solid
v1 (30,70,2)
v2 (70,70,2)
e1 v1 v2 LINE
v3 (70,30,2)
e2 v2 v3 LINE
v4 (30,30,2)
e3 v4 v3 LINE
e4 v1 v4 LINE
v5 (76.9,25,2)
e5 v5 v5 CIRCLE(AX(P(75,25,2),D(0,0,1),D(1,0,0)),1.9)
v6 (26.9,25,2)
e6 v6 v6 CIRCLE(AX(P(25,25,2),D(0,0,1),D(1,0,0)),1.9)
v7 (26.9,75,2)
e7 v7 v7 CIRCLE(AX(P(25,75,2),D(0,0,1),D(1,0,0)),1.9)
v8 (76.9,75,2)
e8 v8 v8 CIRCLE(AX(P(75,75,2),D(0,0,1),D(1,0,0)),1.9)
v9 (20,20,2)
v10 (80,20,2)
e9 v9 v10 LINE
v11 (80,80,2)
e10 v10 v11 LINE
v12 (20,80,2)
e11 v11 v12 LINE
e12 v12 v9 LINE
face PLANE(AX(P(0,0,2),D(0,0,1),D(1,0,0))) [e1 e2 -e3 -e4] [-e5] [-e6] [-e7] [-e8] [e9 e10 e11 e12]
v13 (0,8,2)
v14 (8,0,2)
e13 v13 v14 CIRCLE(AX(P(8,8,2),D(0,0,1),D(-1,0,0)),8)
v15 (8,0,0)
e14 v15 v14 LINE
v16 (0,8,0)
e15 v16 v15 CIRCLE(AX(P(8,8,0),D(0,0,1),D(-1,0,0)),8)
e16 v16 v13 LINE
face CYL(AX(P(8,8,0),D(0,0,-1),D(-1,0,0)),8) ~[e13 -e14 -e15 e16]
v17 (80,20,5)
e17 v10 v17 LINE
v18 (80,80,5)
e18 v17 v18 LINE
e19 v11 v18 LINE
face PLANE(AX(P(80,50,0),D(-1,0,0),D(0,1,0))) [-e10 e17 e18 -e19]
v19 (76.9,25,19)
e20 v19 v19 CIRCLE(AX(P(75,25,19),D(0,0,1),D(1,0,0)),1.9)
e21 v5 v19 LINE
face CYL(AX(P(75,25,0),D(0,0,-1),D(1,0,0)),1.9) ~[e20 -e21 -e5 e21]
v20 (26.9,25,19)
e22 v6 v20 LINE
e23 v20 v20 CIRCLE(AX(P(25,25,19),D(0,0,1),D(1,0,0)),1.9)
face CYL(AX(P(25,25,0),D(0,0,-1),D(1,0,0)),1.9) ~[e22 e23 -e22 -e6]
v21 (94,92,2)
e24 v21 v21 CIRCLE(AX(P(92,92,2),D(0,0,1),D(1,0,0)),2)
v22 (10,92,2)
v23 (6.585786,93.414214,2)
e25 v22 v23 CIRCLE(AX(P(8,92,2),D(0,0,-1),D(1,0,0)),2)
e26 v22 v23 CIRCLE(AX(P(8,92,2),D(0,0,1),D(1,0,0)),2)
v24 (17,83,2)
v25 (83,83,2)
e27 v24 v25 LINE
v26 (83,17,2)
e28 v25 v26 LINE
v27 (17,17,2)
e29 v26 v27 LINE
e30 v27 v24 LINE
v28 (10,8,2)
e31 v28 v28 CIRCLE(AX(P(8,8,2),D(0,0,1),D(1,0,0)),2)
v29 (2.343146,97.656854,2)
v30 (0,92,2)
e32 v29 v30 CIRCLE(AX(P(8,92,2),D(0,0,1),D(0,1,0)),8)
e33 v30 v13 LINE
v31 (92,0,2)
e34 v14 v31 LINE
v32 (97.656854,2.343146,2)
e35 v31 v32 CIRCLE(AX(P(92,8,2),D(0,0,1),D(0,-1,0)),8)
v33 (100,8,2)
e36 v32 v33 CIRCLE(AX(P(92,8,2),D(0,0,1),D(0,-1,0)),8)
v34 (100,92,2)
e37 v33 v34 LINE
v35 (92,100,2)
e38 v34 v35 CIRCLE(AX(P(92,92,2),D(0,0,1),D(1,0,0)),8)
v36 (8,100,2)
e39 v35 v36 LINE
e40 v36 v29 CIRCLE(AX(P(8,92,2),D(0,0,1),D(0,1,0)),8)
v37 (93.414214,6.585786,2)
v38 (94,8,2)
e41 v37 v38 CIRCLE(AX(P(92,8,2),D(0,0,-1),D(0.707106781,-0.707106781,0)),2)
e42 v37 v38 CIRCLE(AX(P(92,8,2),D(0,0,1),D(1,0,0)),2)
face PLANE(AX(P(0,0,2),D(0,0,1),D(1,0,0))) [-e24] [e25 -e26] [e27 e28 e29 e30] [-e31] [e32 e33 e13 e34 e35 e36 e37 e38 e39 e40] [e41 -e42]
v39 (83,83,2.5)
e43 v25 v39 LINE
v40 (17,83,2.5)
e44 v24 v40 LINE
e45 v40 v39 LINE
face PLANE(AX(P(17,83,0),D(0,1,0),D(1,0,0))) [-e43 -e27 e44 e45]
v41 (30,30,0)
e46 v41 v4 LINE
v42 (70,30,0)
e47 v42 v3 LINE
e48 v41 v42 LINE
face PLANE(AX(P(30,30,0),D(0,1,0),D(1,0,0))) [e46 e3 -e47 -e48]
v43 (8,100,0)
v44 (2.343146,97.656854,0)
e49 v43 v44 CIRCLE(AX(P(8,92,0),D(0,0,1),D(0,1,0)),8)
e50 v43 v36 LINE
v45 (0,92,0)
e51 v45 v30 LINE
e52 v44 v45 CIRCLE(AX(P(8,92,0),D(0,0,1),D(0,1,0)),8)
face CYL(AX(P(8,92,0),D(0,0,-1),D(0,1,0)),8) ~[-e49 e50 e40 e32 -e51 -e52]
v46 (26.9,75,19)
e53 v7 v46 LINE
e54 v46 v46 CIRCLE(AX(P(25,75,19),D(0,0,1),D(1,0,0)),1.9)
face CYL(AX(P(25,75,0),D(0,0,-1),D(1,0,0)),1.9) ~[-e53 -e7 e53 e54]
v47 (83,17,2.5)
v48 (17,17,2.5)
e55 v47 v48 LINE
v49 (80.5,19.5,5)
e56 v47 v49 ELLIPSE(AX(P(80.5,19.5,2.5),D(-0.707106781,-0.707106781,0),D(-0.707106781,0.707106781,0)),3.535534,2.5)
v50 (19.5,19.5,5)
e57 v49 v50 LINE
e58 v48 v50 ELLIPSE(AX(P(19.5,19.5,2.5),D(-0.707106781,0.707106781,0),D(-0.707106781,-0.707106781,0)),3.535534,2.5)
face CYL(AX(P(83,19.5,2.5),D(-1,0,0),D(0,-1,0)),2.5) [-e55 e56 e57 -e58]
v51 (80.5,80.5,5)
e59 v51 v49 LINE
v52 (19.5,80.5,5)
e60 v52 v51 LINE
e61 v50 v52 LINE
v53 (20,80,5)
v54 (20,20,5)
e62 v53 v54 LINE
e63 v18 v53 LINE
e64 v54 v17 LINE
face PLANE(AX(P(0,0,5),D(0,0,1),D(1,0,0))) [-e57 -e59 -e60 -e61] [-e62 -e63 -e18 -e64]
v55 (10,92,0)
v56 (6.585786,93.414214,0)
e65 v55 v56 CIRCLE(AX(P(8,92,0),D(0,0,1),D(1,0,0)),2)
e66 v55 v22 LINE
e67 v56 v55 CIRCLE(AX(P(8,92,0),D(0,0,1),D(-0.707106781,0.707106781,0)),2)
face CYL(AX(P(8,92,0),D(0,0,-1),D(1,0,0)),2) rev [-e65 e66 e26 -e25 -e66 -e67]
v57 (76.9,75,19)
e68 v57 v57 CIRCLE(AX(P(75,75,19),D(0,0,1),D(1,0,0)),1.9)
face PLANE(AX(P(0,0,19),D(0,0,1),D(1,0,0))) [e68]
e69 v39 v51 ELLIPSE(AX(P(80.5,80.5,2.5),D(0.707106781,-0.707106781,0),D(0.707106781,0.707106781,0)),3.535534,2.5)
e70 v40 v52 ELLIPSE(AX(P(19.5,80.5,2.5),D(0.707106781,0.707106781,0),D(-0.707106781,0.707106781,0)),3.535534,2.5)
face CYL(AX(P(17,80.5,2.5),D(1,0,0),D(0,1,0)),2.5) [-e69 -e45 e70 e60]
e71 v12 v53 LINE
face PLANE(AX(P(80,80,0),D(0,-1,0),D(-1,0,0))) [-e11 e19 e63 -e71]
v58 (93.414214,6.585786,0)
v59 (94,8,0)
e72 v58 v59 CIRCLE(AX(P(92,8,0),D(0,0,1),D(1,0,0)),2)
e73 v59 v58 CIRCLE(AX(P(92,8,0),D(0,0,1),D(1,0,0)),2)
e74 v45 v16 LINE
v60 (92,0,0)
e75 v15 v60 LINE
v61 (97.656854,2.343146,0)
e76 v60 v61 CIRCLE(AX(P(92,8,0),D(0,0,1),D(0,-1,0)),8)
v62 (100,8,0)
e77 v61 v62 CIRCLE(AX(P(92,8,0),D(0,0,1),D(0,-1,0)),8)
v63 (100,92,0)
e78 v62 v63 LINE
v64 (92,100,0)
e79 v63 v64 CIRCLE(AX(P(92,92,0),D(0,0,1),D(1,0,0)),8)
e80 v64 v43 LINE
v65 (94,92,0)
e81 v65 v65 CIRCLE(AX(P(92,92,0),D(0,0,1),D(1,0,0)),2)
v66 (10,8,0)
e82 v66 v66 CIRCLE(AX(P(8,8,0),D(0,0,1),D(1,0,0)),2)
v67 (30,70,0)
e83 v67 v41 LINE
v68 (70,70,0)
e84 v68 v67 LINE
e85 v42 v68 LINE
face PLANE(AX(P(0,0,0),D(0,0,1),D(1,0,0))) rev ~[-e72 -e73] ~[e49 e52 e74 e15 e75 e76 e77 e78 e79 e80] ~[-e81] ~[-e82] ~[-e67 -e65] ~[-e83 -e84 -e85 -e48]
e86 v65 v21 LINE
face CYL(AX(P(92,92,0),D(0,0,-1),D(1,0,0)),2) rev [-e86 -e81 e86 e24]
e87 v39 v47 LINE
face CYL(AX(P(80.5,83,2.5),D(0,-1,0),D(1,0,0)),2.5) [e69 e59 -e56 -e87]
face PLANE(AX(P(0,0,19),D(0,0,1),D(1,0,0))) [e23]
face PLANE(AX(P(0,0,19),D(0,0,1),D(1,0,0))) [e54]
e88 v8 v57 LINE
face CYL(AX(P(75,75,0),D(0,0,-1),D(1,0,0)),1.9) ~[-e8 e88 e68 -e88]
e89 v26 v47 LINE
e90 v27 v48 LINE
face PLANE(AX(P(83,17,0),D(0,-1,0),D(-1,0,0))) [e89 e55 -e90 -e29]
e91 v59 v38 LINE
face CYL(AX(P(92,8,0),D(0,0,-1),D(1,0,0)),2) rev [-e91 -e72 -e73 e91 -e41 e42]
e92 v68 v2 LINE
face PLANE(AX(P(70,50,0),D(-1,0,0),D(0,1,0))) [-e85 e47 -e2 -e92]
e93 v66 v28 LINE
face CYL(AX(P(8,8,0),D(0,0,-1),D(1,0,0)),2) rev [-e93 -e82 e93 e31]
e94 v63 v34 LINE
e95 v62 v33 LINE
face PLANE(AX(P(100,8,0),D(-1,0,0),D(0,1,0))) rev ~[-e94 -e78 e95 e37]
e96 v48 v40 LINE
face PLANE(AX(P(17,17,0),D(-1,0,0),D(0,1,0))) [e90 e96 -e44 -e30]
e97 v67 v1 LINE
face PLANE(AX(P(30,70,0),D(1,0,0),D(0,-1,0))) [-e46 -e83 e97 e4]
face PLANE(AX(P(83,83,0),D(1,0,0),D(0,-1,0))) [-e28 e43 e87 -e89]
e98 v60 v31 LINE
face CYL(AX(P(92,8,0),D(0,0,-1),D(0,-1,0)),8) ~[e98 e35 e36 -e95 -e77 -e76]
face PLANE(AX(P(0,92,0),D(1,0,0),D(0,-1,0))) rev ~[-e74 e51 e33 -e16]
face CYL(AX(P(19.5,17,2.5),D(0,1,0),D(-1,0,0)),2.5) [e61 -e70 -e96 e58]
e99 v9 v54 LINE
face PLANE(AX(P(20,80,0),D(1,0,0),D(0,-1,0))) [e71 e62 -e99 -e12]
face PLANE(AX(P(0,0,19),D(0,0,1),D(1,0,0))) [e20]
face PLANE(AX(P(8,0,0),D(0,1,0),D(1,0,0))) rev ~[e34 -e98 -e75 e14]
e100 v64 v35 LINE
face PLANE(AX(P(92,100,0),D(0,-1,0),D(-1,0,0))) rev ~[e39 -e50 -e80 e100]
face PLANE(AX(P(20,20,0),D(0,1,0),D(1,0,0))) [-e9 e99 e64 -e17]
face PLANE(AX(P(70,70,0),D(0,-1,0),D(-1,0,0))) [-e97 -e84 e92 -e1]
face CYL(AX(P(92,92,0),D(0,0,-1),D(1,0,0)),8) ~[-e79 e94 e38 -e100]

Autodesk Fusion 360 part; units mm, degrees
sketch "Skizze1" plane through (0, 0, 0) normal (0, 0, 1) x (1, 0, 0)
  line L0 (8, 0) -> (92, 0)
  line L1 (100, 8) -> (100, 92)
  line L2 (92, 100) -> (8, 100)
  line L3 (0, 92) -> (0, 8)
  arc A0 (8, 100) -> (0, 92) centre (8, 92) ccw
  arc A1 (100, 92) -> (92, 100) centre (92, 92) ccw
  arc A2 (92, 0) -> (100, 8) centre (92, 8) ccw
  arc A3 (0, 8) -> (8, 0) centre (8, 8) ccw
  circle A4 centre (8, 8) radius 2
  circle A5 centre (92, 8) radius 2
  circle A6 centre (92, 92) radius 2
  circle A7 centre (8, 92) radius 2
  line L4 (70, 50) -> (70, 70)
  line L5 (70, 70) -> (50, 70)
  line L6 (70, 70) -> (30, 70)
  line L7 (30, 70) -> (30, 30)
  line L8 (30, 30) -> (70, 30)
  line L9 (70, 30) -> (70, 70)
  line L10 (0, 100) -> (9.4142, 90.5858)
  line L11 (90.5858, 9.4142) -> (100, 0)
  circle A8 centre (25, 75) radius 1.9
  circle A9 centre (75, 75) radius 1.9
  circle A10 centre (75, 25) radius 1.9
  circle A11 centre (25, 25) radius 1.9
  line L12 (80, 50) -> (80, 80)
  line L13 (80, 80) -> (50, 80)
  line L14 (80, 80) -> (20, 80)
  line L15 (20, 80) -> (20, 20)
  line L16 (20, 20) -> (80, 20)
  line L17 (80, 20) -> (80, 80)
  line L18 (17, 83) -> (83, 83)
  line L19 (83, 83) -> (83, 17)
  line L20 (83, 17) -> (17, 17)
  line L21 (17, 17) -> (17, 83)
  point P0 (100, 0)
  point P1 (0, 100)
  dimension "d1" = 100
  dimension "d2" = 100
  dimension "d3" = 8
  dimension "d4" = 4
  dimension "d5" = 4
  dimension "d6" = 4
  dimension "d9" = 40
  dimension "d10" = 40
  dimension "d11" = 3.8
  dimension "d12" = 3.8
  dimension "d13" = 3.8
  dimension "d14" = 3.8
extrude "Extrusion1" add sketch "Skizze1" along normal blind 2 contours L0 L1 L2 L3 A0 A1 A2 A3
extrude "Extrusion2" add sketch "Skizze1" along normal blind 5 contours L18 L19 L20 L21
extrude "Extrusion3" add sketch "Skizze1" along normal blind 2 contours L12 L13 L14 L15 L16 L17
extrude "Extrusion4" add sketch "Skizze1" along normal blind 19 contours A8 | A9 | A10 | A11
fillet "Abrundung1" radius 2.5 4 edges at (50, 17, 5) (17, 50, 5) (50, 83, 5) (83, 50, 5)
